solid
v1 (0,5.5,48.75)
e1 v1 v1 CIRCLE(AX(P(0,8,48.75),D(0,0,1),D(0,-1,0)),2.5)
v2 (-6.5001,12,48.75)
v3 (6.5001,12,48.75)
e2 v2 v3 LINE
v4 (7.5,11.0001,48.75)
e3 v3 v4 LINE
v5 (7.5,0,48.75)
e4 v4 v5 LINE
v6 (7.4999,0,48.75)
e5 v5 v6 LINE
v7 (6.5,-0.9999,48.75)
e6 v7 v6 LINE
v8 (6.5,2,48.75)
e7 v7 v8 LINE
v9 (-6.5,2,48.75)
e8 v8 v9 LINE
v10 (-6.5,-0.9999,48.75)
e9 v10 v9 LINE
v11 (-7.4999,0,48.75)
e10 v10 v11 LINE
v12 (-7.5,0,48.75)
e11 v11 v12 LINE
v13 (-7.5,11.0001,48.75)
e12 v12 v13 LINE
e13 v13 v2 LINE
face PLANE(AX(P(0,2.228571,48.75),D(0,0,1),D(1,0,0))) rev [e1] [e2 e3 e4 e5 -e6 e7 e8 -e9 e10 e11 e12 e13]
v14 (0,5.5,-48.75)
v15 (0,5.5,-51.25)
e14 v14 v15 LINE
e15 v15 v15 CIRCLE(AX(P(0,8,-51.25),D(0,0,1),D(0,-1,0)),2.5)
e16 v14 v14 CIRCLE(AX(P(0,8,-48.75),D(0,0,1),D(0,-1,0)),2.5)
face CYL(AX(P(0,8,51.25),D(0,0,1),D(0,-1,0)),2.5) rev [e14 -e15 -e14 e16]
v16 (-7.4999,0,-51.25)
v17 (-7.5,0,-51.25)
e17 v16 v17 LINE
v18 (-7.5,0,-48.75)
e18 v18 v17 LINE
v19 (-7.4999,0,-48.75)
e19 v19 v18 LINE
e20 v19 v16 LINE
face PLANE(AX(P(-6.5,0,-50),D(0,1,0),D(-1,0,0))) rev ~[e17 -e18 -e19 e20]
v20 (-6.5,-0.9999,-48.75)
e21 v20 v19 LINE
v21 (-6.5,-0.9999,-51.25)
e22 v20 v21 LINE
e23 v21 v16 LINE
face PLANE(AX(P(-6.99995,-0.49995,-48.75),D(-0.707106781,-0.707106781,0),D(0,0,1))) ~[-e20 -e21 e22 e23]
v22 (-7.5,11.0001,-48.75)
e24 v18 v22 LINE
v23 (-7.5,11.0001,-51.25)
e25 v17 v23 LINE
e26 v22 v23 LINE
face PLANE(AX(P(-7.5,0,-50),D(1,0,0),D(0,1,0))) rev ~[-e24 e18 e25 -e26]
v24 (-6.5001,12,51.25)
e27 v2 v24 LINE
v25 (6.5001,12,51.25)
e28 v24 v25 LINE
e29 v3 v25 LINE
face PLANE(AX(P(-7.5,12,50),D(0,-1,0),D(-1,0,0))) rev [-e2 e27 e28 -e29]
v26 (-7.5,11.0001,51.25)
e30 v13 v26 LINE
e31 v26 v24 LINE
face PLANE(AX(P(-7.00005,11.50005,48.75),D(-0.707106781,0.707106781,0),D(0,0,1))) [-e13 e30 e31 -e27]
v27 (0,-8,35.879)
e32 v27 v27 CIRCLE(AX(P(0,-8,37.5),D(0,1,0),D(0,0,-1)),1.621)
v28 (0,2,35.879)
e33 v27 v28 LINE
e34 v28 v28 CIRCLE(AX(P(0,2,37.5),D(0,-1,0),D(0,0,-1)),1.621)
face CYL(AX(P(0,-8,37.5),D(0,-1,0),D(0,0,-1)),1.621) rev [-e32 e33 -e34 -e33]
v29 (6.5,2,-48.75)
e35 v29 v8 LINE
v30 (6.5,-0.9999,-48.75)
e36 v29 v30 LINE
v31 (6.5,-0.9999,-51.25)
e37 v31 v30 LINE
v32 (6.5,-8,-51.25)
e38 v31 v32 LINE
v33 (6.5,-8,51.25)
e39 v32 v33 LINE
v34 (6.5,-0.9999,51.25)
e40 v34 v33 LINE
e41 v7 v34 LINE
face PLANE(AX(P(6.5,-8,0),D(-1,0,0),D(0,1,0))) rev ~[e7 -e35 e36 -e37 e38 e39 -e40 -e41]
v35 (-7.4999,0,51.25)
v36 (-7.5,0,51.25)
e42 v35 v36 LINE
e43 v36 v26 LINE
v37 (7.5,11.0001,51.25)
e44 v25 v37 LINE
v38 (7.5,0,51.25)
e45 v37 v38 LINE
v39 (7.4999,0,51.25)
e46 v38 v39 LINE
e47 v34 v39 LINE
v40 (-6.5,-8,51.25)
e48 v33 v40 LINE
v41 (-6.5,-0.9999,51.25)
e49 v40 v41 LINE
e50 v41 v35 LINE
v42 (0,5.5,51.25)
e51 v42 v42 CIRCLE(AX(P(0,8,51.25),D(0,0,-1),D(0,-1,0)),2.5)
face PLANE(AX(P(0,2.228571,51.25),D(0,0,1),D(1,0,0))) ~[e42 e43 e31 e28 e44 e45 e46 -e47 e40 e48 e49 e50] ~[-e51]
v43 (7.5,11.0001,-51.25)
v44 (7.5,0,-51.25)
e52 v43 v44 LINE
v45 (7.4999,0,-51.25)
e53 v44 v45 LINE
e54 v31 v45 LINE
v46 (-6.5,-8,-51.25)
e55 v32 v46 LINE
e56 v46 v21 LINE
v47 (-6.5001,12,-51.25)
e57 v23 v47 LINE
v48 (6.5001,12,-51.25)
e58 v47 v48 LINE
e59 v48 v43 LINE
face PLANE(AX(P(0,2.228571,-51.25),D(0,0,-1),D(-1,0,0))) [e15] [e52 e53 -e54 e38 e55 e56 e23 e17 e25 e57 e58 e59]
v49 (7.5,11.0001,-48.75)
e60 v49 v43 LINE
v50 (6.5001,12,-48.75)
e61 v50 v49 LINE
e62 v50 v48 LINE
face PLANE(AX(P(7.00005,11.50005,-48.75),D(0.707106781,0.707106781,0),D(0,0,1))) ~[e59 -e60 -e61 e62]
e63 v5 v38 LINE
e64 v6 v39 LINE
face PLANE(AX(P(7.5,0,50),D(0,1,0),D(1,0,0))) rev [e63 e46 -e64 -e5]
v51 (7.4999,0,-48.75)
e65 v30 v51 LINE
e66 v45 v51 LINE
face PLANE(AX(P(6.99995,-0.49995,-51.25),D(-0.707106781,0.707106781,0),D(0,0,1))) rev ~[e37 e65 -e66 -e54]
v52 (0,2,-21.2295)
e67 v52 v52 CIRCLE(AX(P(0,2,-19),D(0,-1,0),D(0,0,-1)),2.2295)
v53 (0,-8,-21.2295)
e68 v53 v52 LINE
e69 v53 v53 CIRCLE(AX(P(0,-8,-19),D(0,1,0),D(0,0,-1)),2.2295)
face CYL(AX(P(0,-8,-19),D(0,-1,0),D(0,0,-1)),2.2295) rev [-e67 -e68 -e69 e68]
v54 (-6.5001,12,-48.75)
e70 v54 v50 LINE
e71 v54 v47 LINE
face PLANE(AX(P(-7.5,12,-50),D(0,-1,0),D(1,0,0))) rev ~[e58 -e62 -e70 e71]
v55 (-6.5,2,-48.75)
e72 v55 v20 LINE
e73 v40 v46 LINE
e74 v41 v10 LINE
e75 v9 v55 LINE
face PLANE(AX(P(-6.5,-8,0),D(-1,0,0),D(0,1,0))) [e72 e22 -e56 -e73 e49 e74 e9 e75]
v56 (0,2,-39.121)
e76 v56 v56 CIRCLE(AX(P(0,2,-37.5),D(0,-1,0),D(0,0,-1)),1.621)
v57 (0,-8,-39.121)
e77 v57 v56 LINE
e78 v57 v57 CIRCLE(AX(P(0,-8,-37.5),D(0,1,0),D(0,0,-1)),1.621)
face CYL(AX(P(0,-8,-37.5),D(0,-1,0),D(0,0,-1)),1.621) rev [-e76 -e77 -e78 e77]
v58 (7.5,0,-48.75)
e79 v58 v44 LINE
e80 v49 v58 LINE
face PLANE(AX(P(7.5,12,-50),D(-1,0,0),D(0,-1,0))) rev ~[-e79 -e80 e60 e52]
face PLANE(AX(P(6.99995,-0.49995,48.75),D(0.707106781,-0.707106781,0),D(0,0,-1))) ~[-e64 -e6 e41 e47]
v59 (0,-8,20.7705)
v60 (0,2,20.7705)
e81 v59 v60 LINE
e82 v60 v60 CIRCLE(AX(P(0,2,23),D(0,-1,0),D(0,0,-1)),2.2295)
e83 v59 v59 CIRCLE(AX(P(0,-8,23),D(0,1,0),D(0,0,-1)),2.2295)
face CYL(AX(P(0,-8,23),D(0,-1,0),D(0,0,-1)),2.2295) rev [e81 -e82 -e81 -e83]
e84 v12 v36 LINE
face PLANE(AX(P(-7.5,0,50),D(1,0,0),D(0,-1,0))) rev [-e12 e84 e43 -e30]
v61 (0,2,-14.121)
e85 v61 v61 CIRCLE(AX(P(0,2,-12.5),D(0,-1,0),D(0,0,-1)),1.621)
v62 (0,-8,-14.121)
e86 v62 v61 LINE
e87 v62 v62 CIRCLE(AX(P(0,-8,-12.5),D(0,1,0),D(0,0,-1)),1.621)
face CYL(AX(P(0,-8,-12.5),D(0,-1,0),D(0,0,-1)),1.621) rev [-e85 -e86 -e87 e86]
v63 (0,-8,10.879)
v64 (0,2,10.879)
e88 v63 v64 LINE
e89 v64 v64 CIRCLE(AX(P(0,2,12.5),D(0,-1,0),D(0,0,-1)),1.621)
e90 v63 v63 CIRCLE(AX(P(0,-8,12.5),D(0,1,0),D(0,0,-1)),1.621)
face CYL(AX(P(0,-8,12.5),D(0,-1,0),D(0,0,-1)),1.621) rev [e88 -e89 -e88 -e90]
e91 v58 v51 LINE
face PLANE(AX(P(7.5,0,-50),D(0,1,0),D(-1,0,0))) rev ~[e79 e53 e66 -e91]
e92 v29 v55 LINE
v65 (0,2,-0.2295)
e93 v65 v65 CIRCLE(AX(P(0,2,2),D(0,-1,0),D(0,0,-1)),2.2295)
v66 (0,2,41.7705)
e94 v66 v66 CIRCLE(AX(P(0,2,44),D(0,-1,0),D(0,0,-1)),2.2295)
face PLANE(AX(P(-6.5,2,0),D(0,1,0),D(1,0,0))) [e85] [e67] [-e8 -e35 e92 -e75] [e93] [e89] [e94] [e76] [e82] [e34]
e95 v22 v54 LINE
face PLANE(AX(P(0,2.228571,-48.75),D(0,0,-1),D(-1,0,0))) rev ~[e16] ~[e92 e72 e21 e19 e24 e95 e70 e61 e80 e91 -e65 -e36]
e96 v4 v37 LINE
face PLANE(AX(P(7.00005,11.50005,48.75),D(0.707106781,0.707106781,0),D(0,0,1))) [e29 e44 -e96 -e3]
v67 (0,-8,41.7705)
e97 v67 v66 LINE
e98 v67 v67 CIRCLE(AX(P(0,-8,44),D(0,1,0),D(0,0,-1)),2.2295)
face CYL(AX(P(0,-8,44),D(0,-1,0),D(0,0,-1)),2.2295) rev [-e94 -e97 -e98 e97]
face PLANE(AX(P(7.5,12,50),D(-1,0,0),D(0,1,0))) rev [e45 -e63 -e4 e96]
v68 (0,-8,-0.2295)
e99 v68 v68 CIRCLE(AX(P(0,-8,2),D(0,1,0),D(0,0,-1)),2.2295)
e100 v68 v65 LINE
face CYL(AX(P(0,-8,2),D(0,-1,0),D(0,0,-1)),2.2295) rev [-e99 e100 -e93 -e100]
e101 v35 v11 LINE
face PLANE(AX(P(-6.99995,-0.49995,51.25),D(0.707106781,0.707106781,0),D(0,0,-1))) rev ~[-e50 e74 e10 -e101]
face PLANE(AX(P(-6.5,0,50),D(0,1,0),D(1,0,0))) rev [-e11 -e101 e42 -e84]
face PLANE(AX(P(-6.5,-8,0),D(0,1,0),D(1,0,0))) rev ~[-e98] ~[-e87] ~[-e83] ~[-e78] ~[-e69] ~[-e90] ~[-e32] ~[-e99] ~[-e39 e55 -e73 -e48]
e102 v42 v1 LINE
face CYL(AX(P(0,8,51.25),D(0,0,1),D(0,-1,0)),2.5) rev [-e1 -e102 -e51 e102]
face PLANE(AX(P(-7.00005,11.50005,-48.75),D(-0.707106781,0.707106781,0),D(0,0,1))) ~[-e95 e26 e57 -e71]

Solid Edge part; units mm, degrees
sketch "Sketch1" plane through (0, 0, 0) normal (0, 0, 1) x (1, 0, 0)
  line L0 (-6.5, -8) -> (6.5, -8)
  line L1 (6.5, -8) -> (6.5, 2)
  line L2 (-6.5, 2) -> (6.5, 2)
  line L3 (-6.5, -8) -> (-6.5, 2)
  dimension "D1" = 13
  dimension "D2" = 10
  dimension "D3" = 13
  dimension "D4" = 6.5
  dimension "D5" = 2
extrude "Ajout_matière_1" add sketch "Sketch1" along normal mid plane 100
hole "Hole1" at (0, -8, -19) direction (0, 1, 0) diameter 4.459 end up to next
hole "Hole2" at (0, -8, 23) direction (0, 1, 0) diameter 4.459 end up to next
hole "Hole3" at (0, -8, 2) direction (0, 1, 0) diameter 4.459 end up to next
hole "Hole4" at (0, -8, 44) direction (0, 1, 0) diameter 4.459 end up to next
sketch "Sketch2" plane through (0, 2, -50) normal (0, 0, -1) x (0, 1, 0)
  line L0 (-10, -6.5) -> (-2, -6.5)
  line L1 (-2, -6.5) -> (-2, -7.5)
  line L2 (-2, -7.5) -> (10, -7.5)
  line L3 (10, -7.5) -> (10, 7.5)
  line L4 (10, 7.5) -> (-2, 7.5)
  line L5 (-2, 7.5) -> (-2, 6.5)
  line L6 (-2, 6.5) -> (-10, 6.5)
  line L7 (-10, 6.5) -> (-10, -6.5)
extrude "Ajout_matière_3" add sketch "Sketch2" along normal mid plane 2.5
mirror "Mirror1" about plane through (0, 0, 0) normal (0, 0, 1) of "Ajout_matière_3"
hole "Perçage_2" at (0, 8, 51.25) direction (0, 0, -1) diameter 5 end through all
chamfer "Chamfer1" distance 1 angle 45 8 edges at (-7.5, 12, 50) (-7.5, 12, -50) (-6.5, 0, 50) (-6.5, 0, -50) (6.5, 0, 50) (6.5, 0, -50) (7.5, 12, 50) (7.5, 12, -50)
hole "Perçage_6" at (0, -8, -12.5) direction (0, 1, 0) diameter 3.242 end up to next
hole "Hole5" at (0, -8, 12.5) direction (0, 1, 0) diameter 3.242 end up to next
hole "Hole6" at (0, -8, -37.5) direction (0, 1, 0) diameter 3.242 end up to next
hole "Hole7" at (0, -8, 37.5) direction (0, 1, 0) diameter 3.242 end up to next
properties material "Aluminium AU4G, 2024_T4"
